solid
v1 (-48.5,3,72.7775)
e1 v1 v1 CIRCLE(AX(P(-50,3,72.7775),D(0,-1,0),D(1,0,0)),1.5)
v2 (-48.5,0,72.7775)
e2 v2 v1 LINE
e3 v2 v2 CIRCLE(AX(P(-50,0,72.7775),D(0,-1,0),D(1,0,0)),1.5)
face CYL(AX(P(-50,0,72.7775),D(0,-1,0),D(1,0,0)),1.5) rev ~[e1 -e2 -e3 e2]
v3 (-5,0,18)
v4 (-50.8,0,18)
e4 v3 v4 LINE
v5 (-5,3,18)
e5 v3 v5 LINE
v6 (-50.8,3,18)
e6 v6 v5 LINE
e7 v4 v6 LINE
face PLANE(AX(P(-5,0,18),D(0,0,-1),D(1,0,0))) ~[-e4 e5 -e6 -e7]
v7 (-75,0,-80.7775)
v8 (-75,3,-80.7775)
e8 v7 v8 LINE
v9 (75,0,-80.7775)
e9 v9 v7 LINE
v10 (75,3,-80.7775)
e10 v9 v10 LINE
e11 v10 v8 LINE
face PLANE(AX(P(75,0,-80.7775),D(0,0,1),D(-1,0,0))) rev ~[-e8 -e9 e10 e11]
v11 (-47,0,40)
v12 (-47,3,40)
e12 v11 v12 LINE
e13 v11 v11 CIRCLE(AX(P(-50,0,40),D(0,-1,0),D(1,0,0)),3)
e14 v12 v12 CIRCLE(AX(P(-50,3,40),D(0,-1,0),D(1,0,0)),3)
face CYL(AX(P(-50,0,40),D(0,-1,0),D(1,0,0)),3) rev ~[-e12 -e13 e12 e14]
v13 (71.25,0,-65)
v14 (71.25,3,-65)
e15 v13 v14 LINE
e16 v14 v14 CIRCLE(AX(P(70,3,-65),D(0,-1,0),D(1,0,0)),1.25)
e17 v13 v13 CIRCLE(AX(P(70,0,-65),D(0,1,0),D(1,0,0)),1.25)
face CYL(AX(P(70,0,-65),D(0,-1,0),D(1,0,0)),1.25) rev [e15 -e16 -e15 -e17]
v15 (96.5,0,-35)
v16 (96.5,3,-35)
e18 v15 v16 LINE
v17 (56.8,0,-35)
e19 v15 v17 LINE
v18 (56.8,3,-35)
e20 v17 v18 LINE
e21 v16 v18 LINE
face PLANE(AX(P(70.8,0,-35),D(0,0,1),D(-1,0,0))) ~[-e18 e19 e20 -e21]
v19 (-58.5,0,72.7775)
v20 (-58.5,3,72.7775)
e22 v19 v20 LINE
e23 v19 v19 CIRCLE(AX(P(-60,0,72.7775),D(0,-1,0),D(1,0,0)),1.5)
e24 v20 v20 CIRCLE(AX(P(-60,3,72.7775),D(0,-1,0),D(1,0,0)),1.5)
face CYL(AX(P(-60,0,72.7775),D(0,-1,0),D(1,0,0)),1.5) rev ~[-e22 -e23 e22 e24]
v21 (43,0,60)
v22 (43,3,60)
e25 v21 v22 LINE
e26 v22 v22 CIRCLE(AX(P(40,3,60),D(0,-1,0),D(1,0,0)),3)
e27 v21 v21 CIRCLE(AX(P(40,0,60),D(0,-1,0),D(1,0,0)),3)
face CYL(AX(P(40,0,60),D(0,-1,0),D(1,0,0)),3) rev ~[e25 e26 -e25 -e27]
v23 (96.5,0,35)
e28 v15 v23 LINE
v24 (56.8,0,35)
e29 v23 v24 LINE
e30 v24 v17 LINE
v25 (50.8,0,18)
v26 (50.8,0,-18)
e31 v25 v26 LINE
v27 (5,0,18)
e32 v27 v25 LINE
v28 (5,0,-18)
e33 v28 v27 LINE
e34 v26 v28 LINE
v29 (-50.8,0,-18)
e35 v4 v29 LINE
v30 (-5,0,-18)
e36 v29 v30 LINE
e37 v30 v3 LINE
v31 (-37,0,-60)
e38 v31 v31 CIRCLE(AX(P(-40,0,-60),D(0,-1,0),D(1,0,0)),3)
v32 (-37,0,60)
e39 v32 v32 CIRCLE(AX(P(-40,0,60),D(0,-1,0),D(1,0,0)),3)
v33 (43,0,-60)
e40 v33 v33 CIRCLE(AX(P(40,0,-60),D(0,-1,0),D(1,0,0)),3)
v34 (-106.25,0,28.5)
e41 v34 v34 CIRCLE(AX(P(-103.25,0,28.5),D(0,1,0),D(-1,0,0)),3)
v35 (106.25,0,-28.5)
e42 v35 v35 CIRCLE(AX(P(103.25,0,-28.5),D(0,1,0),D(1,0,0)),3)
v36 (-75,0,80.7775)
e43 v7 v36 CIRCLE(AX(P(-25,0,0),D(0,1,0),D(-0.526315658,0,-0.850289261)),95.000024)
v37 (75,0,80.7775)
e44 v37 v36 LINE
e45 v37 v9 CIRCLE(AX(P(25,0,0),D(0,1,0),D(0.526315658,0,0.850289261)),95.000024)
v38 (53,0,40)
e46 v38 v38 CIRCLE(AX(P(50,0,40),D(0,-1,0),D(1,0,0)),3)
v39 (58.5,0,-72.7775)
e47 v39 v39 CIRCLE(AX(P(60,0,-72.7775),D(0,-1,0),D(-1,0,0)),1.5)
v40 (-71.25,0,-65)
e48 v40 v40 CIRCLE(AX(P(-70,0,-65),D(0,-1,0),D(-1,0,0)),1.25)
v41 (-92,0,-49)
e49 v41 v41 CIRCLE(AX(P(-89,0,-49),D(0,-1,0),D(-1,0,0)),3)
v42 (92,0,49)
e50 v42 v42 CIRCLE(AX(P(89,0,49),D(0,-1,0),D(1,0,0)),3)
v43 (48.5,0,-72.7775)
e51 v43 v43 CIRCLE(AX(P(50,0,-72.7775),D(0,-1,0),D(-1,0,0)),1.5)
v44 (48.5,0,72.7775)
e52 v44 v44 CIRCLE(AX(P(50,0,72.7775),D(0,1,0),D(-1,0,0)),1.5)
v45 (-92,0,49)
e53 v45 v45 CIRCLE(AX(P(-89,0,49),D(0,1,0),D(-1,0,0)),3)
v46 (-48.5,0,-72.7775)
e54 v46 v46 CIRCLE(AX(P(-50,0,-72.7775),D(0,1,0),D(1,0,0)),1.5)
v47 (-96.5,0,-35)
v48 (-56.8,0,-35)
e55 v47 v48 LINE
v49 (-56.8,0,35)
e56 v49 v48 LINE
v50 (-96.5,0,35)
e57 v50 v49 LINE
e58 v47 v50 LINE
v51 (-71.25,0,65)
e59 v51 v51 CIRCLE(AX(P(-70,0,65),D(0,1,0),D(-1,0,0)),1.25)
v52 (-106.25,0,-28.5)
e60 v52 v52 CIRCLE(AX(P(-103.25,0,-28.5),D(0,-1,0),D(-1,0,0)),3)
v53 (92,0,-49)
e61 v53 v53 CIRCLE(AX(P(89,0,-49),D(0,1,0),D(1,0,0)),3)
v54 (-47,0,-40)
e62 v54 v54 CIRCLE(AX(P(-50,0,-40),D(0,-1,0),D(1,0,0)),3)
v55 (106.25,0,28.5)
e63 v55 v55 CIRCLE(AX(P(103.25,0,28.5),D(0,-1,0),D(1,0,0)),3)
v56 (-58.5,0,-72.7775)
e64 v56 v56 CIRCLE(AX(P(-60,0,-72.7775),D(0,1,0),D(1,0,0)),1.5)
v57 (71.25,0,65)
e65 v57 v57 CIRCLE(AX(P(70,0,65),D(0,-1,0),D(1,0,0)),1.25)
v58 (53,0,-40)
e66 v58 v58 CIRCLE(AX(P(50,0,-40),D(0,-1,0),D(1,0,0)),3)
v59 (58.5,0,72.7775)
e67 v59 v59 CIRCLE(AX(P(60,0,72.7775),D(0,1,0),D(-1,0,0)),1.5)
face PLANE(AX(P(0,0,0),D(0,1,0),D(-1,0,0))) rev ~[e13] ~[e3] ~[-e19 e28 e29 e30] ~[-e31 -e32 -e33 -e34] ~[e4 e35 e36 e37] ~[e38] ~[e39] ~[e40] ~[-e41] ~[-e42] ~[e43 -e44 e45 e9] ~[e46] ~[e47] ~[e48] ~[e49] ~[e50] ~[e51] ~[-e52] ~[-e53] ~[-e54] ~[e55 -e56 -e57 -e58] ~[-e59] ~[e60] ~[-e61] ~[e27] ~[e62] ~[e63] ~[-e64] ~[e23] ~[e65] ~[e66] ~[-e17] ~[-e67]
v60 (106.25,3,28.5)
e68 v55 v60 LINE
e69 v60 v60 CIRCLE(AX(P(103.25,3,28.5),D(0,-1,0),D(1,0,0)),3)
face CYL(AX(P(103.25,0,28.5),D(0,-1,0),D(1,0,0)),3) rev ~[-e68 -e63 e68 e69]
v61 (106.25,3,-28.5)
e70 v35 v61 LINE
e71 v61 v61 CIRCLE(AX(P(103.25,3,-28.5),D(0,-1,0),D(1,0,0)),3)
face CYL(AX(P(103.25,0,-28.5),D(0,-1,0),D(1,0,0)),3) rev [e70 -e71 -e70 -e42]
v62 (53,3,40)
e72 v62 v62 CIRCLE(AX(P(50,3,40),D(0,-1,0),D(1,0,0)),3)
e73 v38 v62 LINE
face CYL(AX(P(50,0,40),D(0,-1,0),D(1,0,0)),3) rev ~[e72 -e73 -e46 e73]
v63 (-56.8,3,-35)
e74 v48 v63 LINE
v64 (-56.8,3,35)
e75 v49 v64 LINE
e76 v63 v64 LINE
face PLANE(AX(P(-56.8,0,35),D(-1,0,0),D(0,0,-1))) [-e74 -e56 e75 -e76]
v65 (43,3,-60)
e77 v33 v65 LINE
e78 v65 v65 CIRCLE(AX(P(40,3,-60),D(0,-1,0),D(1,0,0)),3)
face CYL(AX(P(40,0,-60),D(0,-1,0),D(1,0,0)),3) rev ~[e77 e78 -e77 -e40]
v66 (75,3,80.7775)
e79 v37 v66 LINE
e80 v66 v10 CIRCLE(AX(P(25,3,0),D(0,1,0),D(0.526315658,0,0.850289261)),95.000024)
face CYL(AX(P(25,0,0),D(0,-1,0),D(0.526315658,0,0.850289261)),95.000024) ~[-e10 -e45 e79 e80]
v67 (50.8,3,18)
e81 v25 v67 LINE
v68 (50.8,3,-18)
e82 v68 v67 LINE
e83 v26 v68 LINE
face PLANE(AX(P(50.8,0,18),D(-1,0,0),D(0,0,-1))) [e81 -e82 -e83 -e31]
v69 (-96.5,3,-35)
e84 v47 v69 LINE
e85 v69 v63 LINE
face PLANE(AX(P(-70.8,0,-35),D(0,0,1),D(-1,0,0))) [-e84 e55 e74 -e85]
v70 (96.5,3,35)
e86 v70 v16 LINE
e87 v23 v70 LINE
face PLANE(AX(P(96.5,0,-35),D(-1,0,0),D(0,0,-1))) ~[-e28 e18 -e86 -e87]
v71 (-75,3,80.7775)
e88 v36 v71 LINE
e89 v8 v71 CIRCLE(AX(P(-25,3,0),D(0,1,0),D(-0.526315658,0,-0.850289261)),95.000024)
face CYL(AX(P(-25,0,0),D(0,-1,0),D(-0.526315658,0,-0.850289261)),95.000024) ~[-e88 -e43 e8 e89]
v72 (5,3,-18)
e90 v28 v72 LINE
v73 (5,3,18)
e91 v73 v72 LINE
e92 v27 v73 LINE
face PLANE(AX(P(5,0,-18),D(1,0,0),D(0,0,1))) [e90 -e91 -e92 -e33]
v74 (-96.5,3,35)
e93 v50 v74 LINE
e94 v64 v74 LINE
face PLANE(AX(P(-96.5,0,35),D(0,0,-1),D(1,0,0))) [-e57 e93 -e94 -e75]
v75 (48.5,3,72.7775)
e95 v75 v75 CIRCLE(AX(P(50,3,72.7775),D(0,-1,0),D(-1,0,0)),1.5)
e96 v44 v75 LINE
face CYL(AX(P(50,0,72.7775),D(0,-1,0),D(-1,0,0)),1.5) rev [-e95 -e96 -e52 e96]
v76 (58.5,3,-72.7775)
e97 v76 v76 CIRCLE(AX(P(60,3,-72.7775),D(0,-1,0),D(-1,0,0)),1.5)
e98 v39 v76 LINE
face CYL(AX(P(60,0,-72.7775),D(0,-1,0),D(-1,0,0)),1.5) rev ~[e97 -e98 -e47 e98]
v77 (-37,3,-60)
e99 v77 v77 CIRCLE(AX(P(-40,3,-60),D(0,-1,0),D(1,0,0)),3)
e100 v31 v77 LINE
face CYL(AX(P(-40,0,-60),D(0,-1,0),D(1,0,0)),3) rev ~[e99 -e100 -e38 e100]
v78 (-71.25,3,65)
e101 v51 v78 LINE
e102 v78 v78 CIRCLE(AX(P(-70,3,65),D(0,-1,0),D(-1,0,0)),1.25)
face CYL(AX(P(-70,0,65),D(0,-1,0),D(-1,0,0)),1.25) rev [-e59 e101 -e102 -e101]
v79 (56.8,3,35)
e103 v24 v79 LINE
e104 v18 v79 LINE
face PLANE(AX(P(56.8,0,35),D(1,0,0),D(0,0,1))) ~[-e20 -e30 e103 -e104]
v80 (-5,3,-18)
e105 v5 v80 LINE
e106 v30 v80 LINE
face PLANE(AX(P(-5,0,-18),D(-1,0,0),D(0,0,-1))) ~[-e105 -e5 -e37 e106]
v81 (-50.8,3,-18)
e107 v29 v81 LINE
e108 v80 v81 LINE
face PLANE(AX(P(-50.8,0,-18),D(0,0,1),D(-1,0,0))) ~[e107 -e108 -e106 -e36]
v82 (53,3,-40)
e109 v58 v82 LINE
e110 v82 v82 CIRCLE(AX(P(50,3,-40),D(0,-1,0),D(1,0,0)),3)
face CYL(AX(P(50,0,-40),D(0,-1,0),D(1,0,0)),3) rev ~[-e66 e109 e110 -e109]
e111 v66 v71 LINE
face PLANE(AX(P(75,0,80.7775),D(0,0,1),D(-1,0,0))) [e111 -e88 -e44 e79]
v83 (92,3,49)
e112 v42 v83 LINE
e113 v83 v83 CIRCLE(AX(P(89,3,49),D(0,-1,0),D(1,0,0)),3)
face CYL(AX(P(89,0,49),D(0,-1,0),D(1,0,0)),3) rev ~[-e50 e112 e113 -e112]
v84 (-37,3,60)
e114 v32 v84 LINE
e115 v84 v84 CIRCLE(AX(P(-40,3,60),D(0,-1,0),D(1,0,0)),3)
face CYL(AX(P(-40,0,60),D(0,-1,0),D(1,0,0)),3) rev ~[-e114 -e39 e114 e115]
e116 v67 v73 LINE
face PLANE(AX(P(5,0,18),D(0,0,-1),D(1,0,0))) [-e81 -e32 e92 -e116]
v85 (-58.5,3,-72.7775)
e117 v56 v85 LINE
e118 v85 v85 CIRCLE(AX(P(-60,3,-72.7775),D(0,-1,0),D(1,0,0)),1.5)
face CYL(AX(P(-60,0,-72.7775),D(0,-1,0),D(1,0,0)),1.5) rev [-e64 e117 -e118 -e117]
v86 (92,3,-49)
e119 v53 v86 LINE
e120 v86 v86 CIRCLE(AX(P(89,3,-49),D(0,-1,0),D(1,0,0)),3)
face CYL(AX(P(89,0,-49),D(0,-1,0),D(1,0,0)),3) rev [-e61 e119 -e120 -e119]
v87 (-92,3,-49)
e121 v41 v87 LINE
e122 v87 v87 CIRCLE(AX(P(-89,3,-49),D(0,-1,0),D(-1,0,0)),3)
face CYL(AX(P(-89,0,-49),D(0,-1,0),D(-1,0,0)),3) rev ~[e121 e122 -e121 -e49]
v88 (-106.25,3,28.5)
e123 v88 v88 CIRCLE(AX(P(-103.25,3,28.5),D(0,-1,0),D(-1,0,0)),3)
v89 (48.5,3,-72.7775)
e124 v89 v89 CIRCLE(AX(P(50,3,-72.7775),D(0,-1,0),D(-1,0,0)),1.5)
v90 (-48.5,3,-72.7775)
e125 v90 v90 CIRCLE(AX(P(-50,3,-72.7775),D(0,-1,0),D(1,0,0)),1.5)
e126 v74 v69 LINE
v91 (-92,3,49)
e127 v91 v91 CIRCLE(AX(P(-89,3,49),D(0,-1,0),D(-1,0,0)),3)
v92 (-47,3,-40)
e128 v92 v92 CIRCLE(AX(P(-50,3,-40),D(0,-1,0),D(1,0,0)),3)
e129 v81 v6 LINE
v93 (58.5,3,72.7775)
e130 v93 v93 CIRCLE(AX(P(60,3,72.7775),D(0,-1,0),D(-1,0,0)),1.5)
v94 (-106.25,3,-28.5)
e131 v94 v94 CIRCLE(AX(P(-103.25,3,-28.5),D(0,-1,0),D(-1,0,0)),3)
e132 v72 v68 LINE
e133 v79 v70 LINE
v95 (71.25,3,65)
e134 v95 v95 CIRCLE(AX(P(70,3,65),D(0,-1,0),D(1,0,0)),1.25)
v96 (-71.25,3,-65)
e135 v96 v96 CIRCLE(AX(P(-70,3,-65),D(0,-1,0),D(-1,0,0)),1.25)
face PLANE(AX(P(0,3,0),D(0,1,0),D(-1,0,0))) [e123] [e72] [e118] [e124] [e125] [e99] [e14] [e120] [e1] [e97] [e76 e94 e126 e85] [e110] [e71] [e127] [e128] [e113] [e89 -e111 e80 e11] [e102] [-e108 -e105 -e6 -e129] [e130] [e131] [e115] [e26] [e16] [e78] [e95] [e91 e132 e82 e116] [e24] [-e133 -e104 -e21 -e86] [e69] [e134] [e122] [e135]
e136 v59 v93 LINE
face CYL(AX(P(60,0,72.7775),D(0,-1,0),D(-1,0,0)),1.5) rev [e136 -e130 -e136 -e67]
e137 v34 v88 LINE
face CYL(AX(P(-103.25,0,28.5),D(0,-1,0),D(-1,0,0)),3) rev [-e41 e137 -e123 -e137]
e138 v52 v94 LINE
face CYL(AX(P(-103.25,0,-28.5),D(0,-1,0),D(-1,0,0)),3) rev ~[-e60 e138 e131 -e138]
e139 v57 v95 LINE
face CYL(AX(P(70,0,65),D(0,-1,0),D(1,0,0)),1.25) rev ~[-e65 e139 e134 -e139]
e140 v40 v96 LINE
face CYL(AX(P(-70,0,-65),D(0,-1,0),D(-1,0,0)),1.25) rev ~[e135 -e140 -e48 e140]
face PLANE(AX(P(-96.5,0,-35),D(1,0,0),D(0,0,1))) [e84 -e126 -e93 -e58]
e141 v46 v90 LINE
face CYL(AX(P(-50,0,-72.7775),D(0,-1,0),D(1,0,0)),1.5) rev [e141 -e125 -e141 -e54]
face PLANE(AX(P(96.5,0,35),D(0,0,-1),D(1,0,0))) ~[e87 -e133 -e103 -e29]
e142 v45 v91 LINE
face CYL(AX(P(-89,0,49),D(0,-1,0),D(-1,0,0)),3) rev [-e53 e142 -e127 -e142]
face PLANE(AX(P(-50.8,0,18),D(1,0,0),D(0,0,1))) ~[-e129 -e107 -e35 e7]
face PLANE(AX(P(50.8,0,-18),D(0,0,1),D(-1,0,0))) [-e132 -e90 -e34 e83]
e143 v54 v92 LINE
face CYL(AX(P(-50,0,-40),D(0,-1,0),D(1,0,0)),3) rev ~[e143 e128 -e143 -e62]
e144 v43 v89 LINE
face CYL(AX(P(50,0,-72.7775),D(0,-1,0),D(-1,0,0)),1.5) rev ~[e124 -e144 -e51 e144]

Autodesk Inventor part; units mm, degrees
ref_plane "YZ Plane" through (0, 0, 0) normal (1, 0, 0) x (0, 1, 0)
ref_plane "XZ Plane" through (0, 0, 0) normal (0, 1, 0) x (-1, 0, 0)
ref_plane "XY Plane" through (0, 0, 0) normal (0, 0, 1) x (1, 0, 0)
sketch "Esquisse1" plane through (0, 0, 0) normal (0, 1, 0) x (-1, 0, 0)
  circle A0 centre (0, 0) radius 25 construction
  line L0 (-25, 0) -> (25, 0) construction
  arc A1 (-75, -80.7775) -> (-75, 80.7775) centre (-25, 0) ccw construction
  arc A2 (75, 80.7775) -> (75, -80.7775) centre (25, 0) ccw construction
  line L1 (0, 25) -> (0, 0) construction
  line L2 (-75, 80.7775) -> (75, 80.7775)
  line L3 (-75, -80.7775) -> (75, -80.7775)
  arc A3 (75, -80.7775) -> (75, 80.7775) centre (25, 0) ccw
  arc A4 (-75, 80.7775) -> (-75, -80.7775) centre (-25, 0) ccw
  dimension "d0" = 50
  dimension "d1" = 190
  dimension "d2" = 150
extrude "Extrusion1" add sketch "Esquisse1" along normal blind 3
sketch "Esquisse4" plane through (0, 0, 0) normal (0, -1, 0) x (1, 0, 0)
  line L0 (-50, 40) -> (50, 40) construction
  line L1 (50, 40) -> (50, -40) construction
  line L2 (50, -40) -> (-50, -40) construction
  line L3 (-50, -40) -> (-50, 40) construction
  circle A0 centre (-50, 40) radius 3
  circle A1 centre (50, 40) radius 3
  circle A2 centre (50, -40) radius 3
  circle A3 centre (-50, -40) radius 3
  line L4 (75, 80.7775) -> (-75, 80.7775) projected
  point P0 (0, 0)
  dimension "d15" = 80
  dimension "d16" = 100
  dimension "d17" = 50
  dimension "d18" = 40
  dimension "d19" = 6
  dimension "d20" = 6
  dimension "d21" = 6
  dimension "d22" = 6
  dimension "d25" = 40.7775
extrude "Extrusion4" cut sketch "Esquisse4" against normal through all
sketch "Esquisse5" plane through (0, 0, 0) normal (0, -1, 0) x (1, 0, 0)
  arc A0 (-75, 80.7775) -> (-75, -80.7775) centre (-25, 0) ccw projected
  line L0 (-96.5, 35) -> (-70.8, 35)
  line L1 (-70.8, 35) -> (-70.8, -35)
  line L2 (-70.8, -35) -> (-96.5, -35)
  line L3 (-96.5, -35) -> (-96.5, 35)
  line L4 (-70.8, 35) -> (-66.8, 35)
  line L5 (-66.8, 35) -> (-66.8, -35)
  line L6 (-66.8, -35) -> (-70.8, -35)
  line L7 (-70.8, -35) -> (-70.8, 35)
  line L8 (-66.8, 35) -> (-56.8, 35)
  line L9 (-56.8, 35) -> (-56.8, -35)
  line L10 (-56.8, -35) -> (-66.8, -35)
  line L11 (-66.8, -35) -> (-66.8, 35)
  line L12 (0, 0) -> (-120, 0) construction
  dimension "d26" = 4
  dimension "d27" = 70
  dimension "d28" = 35
  dimension "d29" = 25.7
  dimension "d30" = 10
  dimension "d31" = 23.5
  dimension "d80" = 56.8
extrude "Extrusion5" cut sketch "Esquisse5" against normal through all
mirror "Symétrie1" about plane through (0, 0, 0) normal (1, 0, 0) of "Extrusion5"
sketch "Esquisse8" plane through (0, 0, 0) normal (0, -1, 0) x (1, 0, 0)
  line L0 (96.5, 35) -> (96.5, -35) projected
  line L1 (82, 42) -> (96, 42)
  line L2 (96, 42) -> (96, -42)
  line L3 (96, -42) -> (82, -42)
  line L4 (82, -42) -> (82, 42)
  line L5 (96, 21.5) -> (108.5, 21.5)
  line L6 (108.5, 21.5) -> (108.5, -21.5)
  line L7 (108.5, -21.5) -> (96, -21.5)
  line L8 (96, -21.5) -> (96, 21.5)
  line L9 (82, -14.7) -> (76.3, -14.7)
  line L10 (76.3, -14.7) -> (76.3, 14.7)
  line L11 (76.3, 14.7) -> (82, 14.7)
  line L12 (82, 14.7) -> (82, -14.7)
  line L13 (82, 14.7) -> (72, 14.7)
  line L14 (72, 14.7) -> (72, 24.7)
  line L15 (72, 24.7) -> (82, 24.7)
  line L16 (82, 24.7) -> (82, 14.7)
  line L17 (96, 21.5) -> (110.5, 21.5)
  line L18 (110.5, 21.5) -> (110.5, 35.5)
  line L19 (110.5, 35.5) -> (96, 35.5)
  line L20 (96, 35.5) -> (96, 21.5)
  line L21 (96, 42) -> (82, 42)
  line L22 (82, 42) -> (82, 56)
  line L23 (82, 56) -> (96, 56)
  line L24 (96, 56) -> (96, 42)
  line L25 (72, 24.7) -> (82, 14.7) construction
  line L26 (82, 24.7) -> (72, 14.7) construction
  line L27 (110.5, 21.5) -> (96, 35.5) construction
  line L28 (96, 21.5) -> (110.5, 35.5) construction
  line L29 (82, 56) -> (96, 42) construction
  line L30 (82, 42) -> (96, 56) construction
  circle A0 centre (89, 49) radius 3
  circle A1 centre (77, 19.7) radius 3
  circle A2 centre (103.25, 28.5) radius 3
  arc A3 (75, -80.7775) -> (75, 80.7775) centre (25, 0) ccw projected
  line L31 (108.5, 21.5) -> (115, 21.5)
  line L32 (115, 21.5) -> (115, -21.5)
  line L33 (115, -21.5) -> (108.5, -21.5)
  line L34 (108.5, -21.5) -> (108.5, 21.5)
  line L35 (0, 0) -> (120, 0)
  dimension "d59" = 84
  dimension "d60" = 14
  dimension "d61" = 29.4
  dimension "d62" = 5.7
  dimension "d63" = 12.5
  dimension "d64" = 43
  dimension "d65" = 42
  dimension "d66" = 14.7
  dimension "d67" = 21.5
  dimension "d68" = 14
  dimension "d69" = 14
  dimension "d70" = 14
  dimension "d71" = 10
  dimension "d72" = 10
  dimension "d73" = 6
  dimension "d74" = 6
  dimension "d75" = 6
  dimension "d78" = 6.5
  dimension "d79" = 5
extrude "Extrusion6" cut sketch "Esquisse8" against normal through all contours A0 | A1 | A2
mirror "Symétrie2" about plane through (0, 0, 0) normal (0, 0, 1) of "Extrusion6"
mirror "Symétrie3" about plane through (0, 0, 0) normal (1, 0, 0) of "Extrusion6", "Symétrie2"
sketch "Esquisse9" plane through (0, 0, 0) normal (0, -1, 0) x (1, 0, 0)
  line L0 (56.8, -35) -> (56.8, 35) projected
  line L1 (5, 18) -> (50.8, 18)
  line L2 (50.8, 18) -> (50.8, -18)
  line L3 (50.8, -18) -> (5, -18)
  line L4 (5, -18) -> (5, 18)
  point P0 (0, 0)
  dimension "d81" = 36
  dimension "d82" = 18
  dimension "d83" = 6
  dimension "d84" = 5
extrude "Extrusion7" cut sketch "Esquisse9" against normal through all
mirror "Symétrie4" about plane through (0, 0, 0) normal (1, 0, 0) of "Extrusion7"
sketch "Esquisse10" plane through (0, 0, 0) normal (0, -1, 0) x (1, 0, 0)
  circle A0 centre (70, 65) radius 1.25
  point P0 (0, 0)
  dimension "d87" = 65
  dimension "d88" = 70
  dimension "d89" = 2.5
extrude "Extrusion8" cut sketch "Esquisse10" against normal through all
mirror "Symétrie5" about plane through (0, 0, 0) normal (1, 0, 0) of "Extrusion8"
mirror "Symétrie6" about plane through (0, 0, 0) normal (0, 0, 1) of "Extrusion8", "Symétrie5"
sketch "Esquisse11" plane through (0, 0, 0) normal (0, -1, 0) x (1, 0, 0)
  line L0 (-65, 79.7775) -> (-45, 79.7775)
  line L1 (-45, 79.7775) -> (-45, 69.7775)
  line L2 (-45, 69.7775) -> (-65, 69.7775)
  line L3 (-65, 69.7775) -> (-65, 79.7775)
  line L4 (-75, 80.7775) -> (75, 80.7775) projected
  circle A0 centre (-70, 65) radius 1.25 projected
  circle A1 centre (-70, 65) radius 10
  circle A2 centre (-60, 72.7775) radius 1.5
  circle A3 centre (-50, 72.7775) radius 1.5
  point P0 (0, 0)
  dimension "d92" = 10
  dimension "d93" = 20
  dimension "d94" = 1
  dimension "d95" = 5
  dimension "d96" = 20
  dimension "d97" = 3
  dimension "d98" = 3
  dimension "d99" = 3
  dimension "d100" = 3
  dimension "d101" = 5
  dimension "d102" = 5
extrude "Extrusion9" cut sketch "Esquisse11" against normal through all contours A2 | A3
mirror "Symétrie7" about plane through (0, 0, 0) normal (1, 0, 0) of "Extrusion9"
mirror "Symétrie8" about plane through (0, 0, 0) normal (0, 0, 1) of "Extrusion9", "Symétrie7"
sketch "Esquisse12" plane through (0, 0, 0) normal (0, -1, 0) x (1, 0, 0)
  line L0 (-40, 60) -> (40, 60) construction
  line L1 (40, 60) -> (40, -60) construction
  line L2 (40, -60) -> (-40, -60) construction
  line L3 (-40, -60) -> (-40, 60) construction
  circle A0 centre (-40, 60) radius 3
  circle A1 centre (40, 60) radius 3
  circle A2 centre (-40, -60) radius 3
  circle A3 centre (40, -60) radius 3
  point P0 (0, 0)
  dimension "d105" = 80
  dimension "d106" = 120
  dimension "d107" = 60
  dimension "d108" = 40
  dimension "d109" = 6
  dimension "d110" = 6
  dimension "d111" = 6
  dimension "d112" = 6
extrude "Extrusion10" cut sketch "Esquisse12" against normal through all
equation "\"d17\" = 0.5 * d16"
equation "\"d18\" = 0.5 * d15"
equation "\"d20\" = d19"
equation "\"d21\" = d19"
equation "\"d22\" = d19"
equation "\"d28\" = 0.5 * d27"
equation "\"d65\" = 0.5 * d59"
equation "\"d66\" = 0.5 * d61"
equation "\"d67\" = 0.5 * d64"
equation "\"d68\" = d60"
equation "\"d70\" = d69"
equation "\"d82\" = 0.5 * d81"
properties part number "base"
